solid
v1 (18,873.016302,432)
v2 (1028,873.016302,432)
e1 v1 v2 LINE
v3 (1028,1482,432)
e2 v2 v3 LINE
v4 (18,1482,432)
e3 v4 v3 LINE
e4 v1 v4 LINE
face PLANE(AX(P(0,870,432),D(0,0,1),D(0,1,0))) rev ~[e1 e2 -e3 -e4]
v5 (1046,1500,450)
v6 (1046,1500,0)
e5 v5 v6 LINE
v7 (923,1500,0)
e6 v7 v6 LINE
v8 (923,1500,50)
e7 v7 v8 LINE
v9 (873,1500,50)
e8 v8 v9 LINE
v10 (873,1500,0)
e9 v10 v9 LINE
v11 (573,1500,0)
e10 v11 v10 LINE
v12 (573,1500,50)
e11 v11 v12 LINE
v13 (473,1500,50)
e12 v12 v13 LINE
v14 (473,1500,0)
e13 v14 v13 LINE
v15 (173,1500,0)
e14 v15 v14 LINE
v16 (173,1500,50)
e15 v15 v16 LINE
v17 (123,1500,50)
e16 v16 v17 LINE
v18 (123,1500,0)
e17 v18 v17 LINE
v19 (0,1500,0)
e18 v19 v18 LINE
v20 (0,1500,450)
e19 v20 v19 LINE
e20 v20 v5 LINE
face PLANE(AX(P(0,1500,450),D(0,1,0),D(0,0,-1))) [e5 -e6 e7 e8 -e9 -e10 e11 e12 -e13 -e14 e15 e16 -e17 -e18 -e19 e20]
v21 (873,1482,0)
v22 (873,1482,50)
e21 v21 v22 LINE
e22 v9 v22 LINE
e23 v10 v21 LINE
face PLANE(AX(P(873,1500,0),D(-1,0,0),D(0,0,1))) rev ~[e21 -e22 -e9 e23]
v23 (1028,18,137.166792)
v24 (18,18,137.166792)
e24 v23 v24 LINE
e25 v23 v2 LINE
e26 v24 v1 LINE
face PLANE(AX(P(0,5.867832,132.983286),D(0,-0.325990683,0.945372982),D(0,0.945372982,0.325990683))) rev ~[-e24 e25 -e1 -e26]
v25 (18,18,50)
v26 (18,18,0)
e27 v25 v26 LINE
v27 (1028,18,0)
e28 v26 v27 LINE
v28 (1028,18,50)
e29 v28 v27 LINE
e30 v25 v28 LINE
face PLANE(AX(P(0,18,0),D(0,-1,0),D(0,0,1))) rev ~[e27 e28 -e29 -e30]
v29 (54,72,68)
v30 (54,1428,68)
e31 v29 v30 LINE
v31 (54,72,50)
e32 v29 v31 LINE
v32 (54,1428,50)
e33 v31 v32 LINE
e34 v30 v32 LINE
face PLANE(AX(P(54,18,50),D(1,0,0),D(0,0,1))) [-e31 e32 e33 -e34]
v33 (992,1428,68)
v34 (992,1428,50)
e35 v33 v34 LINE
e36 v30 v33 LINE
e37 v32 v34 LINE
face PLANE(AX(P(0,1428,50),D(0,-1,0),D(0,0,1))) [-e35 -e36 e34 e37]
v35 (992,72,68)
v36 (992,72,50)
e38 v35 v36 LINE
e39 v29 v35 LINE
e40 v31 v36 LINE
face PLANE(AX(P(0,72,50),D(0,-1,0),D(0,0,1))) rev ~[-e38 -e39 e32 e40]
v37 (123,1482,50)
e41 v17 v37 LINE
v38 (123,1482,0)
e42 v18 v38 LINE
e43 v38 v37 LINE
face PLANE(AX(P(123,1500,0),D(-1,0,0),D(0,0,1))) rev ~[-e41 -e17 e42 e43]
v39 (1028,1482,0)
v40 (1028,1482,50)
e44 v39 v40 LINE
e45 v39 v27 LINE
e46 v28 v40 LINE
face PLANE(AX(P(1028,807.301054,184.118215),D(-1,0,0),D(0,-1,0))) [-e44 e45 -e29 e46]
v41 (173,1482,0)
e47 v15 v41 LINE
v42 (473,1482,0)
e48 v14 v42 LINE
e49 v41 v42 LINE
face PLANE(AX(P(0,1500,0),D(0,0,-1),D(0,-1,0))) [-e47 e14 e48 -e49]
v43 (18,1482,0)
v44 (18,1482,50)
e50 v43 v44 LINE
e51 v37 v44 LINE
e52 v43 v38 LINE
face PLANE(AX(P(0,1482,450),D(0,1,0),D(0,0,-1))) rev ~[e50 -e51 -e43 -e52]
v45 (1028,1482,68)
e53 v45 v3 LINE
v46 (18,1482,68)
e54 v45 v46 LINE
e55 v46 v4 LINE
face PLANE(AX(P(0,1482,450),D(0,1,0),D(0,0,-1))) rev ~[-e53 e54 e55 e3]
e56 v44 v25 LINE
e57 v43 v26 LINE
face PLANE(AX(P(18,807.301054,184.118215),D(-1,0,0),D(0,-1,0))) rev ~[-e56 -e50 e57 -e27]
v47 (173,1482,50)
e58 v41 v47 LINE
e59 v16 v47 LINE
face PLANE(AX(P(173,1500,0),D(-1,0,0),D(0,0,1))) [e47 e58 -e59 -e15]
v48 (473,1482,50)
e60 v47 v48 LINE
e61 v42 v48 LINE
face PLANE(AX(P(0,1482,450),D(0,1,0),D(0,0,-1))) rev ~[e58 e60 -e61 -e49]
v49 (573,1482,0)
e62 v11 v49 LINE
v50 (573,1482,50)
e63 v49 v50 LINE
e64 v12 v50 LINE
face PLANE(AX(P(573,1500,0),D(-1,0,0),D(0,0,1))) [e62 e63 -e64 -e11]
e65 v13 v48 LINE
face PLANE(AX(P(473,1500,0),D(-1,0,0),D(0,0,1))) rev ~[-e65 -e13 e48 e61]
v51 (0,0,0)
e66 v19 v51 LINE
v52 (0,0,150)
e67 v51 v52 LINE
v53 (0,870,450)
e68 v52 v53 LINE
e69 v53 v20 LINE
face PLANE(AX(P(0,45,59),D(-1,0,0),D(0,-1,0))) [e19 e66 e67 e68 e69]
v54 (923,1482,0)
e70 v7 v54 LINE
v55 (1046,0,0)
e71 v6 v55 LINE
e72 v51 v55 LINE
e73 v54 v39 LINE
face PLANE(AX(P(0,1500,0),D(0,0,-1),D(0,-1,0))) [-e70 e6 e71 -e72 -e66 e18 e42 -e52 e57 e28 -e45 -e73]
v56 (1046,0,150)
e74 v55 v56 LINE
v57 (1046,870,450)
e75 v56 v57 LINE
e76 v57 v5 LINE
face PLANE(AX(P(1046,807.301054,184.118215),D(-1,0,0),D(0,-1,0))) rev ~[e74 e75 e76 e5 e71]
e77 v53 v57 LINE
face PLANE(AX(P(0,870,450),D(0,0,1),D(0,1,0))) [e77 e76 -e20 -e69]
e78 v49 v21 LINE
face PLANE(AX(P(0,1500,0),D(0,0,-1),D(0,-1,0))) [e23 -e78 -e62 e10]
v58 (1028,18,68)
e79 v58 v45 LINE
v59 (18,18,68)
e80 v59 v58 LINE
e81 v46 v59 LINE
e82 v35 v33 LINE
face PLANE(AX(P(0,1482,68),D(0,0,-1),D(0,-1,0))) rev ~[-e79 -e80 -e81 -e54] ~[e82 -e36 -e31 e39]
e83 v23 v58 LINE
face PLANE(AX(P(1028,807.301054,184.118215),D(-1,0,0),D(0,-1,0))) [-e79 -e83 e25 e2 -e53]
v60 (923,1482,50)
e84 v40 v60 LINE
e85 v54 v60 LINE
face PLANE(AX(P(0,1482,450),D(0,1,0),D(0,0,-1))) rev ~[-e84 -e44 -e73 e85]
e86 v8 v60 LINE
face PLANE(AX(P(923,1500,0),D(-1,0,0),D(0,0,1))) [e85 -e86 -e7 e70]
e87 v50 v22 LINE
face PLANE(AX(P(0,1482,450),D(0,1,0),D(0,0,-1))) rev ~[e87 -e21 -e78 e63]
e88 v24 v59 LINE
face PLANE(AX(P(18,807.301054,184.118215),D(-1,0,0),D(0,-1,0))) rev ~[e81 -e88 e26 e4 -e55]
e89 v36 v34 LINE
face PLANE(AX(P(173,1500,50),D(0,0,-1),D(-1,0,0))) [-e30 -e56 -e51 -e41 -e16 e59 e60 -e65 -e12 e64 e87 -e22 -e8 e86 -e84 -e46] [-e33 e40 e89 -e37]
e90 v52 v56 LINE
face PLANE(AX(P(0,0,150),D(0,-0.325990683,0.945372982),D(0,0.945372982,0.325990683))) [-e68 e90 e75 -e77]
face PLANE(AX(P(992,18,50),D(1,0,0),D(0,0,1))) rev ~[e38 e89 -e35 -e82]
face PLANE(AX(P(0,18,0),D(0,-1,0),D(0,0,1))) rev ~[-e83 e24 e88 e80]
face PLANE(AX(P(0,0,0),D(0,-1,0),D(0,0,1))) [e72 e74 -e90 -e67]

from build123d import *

# Parameters (mm, degrees)
PAD021_DEPTH    = 1046
THICKNESS001_T  = -18
SKETCH040_W     = 50
SKETCH040_H     = 50
SKETCH040_W_2   = 100
POCKET001_DEPTH = 18
SKETCH048_W     = 36
SKETCH048_H     = 18
PAD028_DEPTH    = 1464
SKETCH049_W     = 54
SKETCH049_H     = 18
PAD029_DEPTH    = 1010


with BuildPart() as part:
    # Sketch039 → Pad021 (new body)
    with BuildSketch(Plane.YZ):
        Polygon((0, 0), (0, 150), (870, 450), (1500, 450), (1500, 0), align=None)
    extrude(amount=PAD021_DEPTH)

    # Thickness001
    thickness001_openings = [part.faces().sort_by_distance(p)[0] for p in [
        (523, 750, 0),
    ]]
    offset(amount=THICKNESS001_T, openings=thickness001_openings)

    # Sketch040 → Pocket001 (cut)
    with BuildSketch(Plane(origin=(0, 1500, 0), x_dir=(-1, 0, 0), z_dir=(0, 1, 0))):
        with Locations((-898, 25)):
            Rectangle(SKETCH040_W, SKETCH040_H)
        with Locations((-148, 25)):
            Rectangle(SKETCH040_W, SKETCH040_H)
        with Locations((-523, 25)):
            Rectangle(SKETCH040_W_2, SKETCH040_H)
    extrude(amount=-POCKET001_DEPTH, mode=Mode.SUBTRACT)

    # Sketch048 → Pad028 (new body)
    with BuildSketch(Plane(origin=(0, 18, 0), x_dir=(-1, 0, 0), z_dir=(0, 1, 0))):
        with Locations((-1010, 59)):
            Rectangle(SKETCH048_W, SKETCH048_H)
        with Locations((-36, 59)):
            Rectangle(SKETCH048_W, SKETCH048_H)
    extrude(amount=PAD028_DEPTH)

    # Sketch049 → Pad029 (new body)
    with BuildSketch(Plane(origin=(0, 0, 0), x_dir=(0, -1, 0), z_dir=(-1, 0, 0))):
        with Locations((-45, 59)):
            Rectangle(SKETCH049_W, SKETCH049_H)
        with Locations((-1455, 59)):
            Rectangle(SKETCH049_W, SKETCH049_H)
    extrude(amount=-PAD029_DEPTH)


solid = part.part
